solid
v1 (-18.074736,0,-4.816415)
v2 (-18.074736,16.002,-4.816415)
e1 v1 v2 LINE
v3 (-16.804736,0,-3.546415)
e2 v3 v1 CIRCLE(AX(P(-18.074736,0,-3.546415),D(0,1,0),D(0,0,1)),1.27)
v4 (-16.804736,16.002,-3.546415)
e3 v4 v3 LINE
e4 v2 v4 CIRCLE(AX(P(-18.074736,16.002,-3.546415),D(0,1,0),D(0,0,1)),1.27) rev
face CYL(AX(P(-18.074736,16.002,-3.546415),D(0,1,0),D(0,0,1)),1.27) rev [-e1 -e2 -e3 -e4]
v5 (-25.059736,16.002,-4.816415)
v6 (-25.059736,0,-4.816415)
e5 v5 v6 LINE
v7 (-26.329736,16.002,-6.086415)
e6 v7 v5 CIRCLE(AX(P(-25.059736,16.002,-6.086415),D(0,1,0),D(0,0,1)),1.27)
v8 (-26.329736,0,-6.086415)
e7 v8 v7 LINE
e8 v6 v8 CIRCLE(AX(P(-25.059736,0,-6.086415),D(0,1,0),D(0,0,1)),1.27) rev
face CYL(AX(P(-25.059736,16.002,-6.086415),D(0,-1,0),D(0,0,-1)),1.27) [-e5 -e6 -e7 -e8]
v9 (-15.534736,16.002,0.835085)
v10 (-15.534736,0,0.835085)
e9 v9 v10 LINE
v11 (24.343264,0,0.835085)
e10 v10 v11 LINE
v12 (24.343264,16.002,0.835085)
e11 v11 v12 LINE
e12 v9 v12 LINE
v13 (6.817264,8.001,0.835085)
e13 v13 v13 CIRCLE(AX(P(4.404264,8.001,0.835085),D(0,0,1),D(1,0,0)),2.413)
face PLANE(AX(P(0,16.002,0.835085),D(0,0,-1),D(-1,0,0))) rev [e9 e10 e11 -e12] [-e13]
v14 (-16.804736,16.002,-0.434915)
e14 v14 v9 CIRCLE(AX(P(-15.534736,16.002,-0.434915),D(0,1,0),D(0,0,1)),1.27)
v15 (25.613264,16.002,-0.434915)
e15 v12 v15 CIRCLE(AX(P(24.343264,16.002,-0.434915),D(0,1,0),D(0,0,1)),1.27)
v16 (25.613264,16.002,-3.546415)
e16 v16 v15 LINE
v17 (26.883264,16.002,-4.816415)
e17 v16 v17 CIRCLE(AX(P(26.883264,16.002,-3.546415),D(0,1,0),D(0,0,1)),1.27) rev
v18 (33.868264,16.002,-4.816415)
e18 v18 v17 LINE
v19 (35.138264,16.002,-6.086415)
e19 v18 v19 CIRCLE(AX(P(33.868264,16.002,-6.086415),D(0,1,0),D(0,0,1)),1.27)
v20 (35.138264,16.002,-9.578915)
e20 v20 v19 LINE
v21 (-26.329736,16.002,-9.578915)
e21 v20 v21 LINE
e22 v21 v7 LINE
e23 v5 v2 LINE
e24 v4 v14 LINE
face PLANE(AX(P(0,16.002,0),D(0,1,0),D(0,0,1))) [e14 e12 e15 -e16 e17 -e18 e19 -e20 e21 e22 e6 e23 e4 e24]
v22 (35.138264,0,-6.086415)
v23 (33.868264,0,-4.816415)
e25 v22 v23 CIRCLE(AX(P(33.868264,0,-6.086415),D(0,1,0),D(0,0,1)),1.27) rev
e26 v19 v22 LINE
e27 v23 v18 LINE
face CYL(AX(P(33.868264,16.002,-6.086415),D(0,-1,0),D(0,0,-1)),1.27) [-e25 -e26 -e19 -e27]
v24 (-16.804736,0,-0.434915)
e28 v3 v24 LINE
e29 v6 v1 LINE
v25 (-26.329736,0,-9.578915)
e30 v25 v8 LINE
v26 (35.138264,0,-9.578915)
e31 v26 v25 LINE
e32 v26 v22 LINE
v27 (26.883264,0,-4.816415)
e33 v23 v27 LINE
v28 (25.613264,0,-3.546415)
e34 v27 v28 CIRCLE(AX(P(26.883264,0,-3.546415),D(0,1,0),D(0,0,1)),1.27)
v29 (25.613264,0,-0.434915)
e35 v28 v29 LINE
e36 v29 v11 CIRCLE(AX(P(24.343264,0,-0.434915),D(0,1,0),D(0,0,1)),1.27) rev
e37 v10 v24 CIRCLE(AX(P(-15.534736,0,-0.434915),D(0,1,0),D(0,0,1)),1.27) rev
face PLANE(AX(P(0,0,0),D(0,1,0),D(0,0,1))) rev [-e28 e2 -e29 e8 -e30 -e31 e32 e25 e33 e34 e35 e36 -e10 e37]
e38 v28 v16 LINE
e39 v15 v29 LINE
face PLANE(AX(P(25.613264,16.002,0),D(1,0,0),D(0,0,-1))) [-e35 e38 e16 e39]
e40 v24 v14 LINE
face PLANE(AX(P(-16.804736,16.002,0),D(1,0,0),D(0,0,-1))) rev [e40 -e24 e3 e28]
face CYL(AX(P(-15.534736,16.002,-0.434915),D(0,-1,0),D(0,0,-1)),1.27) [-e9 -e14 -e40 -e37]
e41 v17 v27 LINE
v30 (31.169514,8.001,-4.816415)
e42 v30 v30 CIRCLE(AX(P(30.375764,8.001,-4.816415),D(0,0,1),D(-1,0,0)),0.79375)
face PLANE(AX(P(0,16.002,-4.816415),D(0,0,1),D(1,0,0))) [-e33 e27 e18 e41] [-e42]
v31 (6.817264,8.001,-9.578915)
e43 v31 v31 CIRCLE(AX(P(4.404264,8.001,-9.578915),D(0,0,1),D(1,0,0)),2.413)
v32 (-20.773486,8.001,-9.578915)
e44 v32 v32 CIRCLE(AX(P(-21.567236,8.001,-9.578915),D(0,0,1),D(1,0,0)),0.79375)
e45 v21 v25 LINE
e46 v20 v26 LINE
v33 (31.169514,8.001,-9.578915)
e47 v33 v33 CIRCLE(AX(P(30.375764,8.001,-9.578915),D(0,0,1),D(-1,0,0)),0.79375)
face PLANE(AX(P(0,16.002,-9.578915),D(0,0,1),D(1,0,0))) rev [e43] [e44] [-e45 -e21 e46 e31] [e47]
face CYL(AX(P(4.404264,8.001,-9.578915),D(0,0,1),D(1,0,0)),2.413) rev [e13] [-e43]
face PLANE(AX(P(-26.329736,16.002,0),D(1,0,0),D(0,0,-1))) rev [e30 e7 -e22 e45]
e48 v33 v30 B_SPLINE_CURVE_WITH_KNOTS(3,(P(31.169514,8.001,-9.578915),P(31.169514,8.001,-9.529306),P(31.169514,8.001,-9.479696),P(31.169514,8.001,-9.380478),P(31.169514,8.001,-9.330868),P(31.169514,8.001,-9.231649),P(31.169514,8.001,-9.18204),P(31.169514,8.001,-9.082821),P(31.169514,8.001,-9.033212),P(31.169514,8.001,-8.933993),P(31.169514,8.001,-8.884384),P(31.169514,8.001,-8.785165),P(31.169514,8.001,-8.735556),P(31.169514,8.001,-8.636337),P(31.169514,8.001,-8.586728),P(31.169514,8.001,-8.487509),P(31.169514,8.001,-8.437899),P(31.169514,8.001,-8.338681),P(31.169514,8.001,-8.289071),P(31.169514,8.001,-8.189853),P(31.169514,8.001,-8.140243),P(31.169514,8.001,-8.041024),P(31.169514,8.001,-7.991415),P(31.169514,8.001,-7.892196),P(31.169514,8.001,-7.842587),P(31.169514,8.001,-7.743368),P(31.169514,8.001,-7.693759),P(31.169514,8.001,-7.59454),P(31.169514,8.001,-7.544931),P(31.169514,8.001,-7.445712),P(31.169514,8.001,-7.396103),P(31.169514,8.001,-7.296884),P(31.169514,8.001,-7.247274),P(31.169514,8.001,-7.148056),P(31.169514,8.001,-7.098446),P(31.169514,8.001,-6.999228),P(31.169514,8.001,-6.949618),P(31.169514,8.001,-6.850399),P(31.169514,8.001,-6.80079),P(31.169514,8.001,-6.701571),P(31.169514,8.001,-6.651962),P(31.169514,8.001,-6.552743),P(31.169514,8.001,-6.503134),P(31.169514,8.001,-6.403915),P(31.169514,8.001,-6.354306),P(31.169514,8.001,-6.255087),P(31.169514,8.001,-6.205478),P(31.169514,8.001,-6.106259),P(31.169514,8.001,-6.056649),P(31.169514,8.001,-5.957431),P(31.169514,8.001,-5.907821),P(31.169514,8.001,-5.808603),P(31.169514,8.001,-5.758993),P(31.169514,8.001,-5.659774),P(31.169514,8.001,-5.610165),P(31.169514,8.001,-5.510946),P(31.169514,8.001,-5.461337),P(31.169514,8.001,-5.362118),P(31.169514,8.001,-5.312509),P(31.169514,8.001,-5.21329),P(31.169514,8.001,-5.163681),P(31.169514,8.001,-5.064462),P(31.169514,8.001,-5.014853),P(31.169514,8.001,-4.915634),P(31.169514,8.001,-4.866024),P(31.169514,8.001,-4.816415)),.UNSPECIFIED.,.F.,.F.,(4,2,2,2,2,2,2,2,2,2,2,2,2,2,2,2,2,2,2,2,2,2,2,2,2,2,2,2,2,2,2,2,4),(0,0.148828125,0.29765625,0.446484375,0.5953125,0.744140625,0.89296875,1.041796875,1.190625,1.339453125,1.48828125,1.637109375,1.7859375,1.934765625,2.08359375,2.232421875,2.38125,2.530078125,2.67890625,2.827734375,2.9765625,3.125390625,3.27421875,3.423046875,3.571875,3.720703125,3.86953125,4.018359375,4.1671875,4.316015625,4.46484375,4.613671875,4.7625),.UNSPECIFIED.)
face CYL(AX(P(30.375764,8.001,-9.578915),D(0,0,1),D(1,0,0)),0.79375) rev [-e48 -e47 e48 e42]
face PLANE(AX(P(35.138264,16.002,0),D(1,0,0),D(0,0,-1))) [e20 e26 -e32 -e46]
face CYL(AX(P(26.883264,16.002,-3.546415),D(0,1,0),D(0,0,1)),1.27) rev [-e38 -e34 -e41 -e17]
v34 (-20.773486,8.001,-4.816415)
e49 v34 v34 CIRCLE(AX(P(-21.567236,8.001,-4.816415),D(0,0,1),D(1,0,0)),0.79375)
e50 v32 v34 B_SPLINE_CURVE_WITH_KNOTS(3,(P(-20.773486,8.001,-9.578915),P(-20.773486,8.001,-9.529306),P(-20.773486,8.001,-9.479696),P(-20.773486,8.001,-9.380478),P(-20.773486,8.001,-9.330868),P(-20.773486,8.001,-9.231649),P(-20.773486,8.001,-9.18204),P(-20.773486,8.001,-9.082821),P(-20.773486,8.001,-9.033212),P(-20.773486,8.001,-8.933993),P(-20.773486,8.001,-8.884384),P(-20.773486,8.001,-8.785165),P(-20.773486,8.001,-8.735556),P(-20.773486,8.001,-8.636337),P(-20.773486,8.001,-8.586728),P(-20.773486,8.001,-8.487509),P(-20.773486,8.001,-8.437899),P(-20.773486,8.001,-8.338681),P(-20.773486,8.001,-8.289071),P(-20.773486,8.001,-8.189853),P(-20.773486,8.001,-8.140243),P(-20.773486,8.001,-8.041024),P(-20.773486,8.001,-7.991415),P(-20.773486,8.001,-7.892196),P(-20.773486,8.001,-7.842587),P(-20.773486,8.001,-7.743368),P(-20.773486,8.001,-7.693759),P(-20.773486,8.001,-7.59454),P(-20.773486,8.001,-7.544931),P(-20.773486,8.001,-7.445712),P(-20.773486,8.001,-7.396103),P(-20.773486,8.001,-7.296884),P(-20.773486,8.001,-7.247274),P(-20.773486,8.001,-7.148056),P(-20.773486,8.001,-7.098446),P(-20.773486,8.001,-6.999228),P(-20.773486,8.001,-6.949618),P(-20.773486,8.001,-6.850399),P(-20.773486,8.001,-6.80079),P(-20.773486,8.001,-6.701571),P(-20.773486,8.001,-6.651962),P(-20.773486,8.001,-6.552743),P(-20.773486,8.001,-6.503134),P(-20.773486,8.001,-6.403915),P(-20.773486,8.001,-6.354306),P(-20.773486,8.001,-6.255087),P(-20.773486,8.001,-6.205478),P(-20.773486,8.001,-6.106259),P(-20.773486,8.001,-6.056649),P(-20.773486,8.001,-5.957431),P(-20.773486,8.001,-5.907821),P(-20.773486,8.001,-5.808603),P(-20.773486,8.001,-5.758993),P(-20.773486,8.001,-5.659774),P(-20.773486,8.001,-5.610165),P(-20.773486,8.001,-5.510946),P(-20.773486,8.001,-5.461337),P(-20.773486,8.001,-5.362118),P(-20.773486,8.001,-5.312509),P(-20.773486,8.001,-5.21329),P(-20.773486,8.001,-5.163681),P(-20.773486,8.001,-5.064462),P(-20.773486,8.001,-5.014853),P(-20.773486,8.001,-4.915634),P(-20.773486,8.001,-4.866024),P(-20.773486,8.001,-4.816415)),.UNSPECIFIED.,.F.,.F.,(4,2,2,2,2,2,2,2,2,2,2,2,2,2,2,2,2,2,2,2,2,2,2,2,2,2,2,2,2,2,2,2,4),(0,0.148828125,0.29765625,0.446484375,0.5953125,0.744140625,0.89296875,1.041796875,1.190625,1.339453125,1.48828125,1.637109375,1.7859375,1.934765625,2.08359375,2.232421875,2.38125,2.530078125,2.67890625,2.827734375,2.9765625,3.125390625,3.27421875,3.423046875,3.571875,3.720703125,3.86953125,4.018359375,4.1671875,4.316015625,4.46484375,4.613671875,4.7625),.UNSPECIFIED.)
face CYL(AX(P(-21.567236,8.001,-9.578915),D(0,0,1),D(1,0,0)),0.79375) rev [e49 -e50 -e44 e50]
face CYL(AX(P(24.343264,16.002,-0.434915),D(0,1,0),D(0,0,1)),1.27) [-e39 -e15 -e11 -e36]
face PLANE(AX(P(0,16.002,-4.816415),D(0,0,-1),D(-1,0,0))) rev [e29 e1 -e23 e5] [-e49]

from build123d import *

# Parameters (mm, degrees)
BOSS_EXTRUDE1_DEPTH = 16.002
FILLET1_R           = 1.27
SKETCH2_R           = 2.413
CUT_EXTRUDE1_DEPTH  = 40.990161384
SKETCH3_R           = 0.79375
CUT_EXTRUDE2_DEPTH  = 40.021802416


with BuildPart() as part:
    # Sketch1 → Boss-Extrude1 (new body)
    with BuildSketch(Plane(origin=(0, 0, 0), x_dir=(1, 0, 0), z_dir=(0, 1, 0))):
        Polygon((4.404264151, -0.835084906), (4.404264151, 9.578915094), (-26.329735849, 9.578915094), (-26.329735849, 4.816415094), (-16.804735849, 4.816415094), (-16.804735849, -0.835084906), align=None)
        Polygon((35.138264151, 4.816415094), (35.138264151, 9.578915094), (4.404264151, 9.578915094), (4.404264151, -0.835084906), (25.613264151, -0.835084906), (25.613264151, 4.816415094), align=None)
    extrude(amount=BOSS_EXTRUDE1_DEPTH)

    # Fillet1
    fillet1_edges = [part.edges().sort_by_distance(p)[0] for p in [
        (-16.804735849, 8.001, 0.835084906),
        (-16.804735849, 8.001, -4.816415094),
        (-26.329735849, 8.001, -4.816415094),
        (35.138264151, 8.001, -4.816415094),
        (25.613264151, 8.001, -4.816415094),
        (25.613264151, 8.001, 0.835084906),
    ]]
    fillet(fillet1_edges, radius=FILLET1_R)

    # Sketch2 → Cut-Extrude1 (cut, through all)
    with BuildSketch(Plane.XY.offset(0.835084906)):
        with Locations((4.404264151, 8.001)):
            Circle(SKETCH2_R)
    extrude(amount=-CUT_EXTRUDE1_DEPTH, mode=Mode.SUBTRACT)

    # Sketch3 → Cut-Extrude2 (cut, through all)
    with BuildSketch(Plane.XY.offset(-4.816415094)):
        with Locations((-21.567235849, 8.001)):
            Circle(SKETCH3_R)
        with Locations((30.375764151, 8.001)):
            Circle(SKETCH3_R)
    extrude(amount=-CUT_EXTRUDE2_DEPTH, mode=Mode.SUBTRACT)


solid = part.part
